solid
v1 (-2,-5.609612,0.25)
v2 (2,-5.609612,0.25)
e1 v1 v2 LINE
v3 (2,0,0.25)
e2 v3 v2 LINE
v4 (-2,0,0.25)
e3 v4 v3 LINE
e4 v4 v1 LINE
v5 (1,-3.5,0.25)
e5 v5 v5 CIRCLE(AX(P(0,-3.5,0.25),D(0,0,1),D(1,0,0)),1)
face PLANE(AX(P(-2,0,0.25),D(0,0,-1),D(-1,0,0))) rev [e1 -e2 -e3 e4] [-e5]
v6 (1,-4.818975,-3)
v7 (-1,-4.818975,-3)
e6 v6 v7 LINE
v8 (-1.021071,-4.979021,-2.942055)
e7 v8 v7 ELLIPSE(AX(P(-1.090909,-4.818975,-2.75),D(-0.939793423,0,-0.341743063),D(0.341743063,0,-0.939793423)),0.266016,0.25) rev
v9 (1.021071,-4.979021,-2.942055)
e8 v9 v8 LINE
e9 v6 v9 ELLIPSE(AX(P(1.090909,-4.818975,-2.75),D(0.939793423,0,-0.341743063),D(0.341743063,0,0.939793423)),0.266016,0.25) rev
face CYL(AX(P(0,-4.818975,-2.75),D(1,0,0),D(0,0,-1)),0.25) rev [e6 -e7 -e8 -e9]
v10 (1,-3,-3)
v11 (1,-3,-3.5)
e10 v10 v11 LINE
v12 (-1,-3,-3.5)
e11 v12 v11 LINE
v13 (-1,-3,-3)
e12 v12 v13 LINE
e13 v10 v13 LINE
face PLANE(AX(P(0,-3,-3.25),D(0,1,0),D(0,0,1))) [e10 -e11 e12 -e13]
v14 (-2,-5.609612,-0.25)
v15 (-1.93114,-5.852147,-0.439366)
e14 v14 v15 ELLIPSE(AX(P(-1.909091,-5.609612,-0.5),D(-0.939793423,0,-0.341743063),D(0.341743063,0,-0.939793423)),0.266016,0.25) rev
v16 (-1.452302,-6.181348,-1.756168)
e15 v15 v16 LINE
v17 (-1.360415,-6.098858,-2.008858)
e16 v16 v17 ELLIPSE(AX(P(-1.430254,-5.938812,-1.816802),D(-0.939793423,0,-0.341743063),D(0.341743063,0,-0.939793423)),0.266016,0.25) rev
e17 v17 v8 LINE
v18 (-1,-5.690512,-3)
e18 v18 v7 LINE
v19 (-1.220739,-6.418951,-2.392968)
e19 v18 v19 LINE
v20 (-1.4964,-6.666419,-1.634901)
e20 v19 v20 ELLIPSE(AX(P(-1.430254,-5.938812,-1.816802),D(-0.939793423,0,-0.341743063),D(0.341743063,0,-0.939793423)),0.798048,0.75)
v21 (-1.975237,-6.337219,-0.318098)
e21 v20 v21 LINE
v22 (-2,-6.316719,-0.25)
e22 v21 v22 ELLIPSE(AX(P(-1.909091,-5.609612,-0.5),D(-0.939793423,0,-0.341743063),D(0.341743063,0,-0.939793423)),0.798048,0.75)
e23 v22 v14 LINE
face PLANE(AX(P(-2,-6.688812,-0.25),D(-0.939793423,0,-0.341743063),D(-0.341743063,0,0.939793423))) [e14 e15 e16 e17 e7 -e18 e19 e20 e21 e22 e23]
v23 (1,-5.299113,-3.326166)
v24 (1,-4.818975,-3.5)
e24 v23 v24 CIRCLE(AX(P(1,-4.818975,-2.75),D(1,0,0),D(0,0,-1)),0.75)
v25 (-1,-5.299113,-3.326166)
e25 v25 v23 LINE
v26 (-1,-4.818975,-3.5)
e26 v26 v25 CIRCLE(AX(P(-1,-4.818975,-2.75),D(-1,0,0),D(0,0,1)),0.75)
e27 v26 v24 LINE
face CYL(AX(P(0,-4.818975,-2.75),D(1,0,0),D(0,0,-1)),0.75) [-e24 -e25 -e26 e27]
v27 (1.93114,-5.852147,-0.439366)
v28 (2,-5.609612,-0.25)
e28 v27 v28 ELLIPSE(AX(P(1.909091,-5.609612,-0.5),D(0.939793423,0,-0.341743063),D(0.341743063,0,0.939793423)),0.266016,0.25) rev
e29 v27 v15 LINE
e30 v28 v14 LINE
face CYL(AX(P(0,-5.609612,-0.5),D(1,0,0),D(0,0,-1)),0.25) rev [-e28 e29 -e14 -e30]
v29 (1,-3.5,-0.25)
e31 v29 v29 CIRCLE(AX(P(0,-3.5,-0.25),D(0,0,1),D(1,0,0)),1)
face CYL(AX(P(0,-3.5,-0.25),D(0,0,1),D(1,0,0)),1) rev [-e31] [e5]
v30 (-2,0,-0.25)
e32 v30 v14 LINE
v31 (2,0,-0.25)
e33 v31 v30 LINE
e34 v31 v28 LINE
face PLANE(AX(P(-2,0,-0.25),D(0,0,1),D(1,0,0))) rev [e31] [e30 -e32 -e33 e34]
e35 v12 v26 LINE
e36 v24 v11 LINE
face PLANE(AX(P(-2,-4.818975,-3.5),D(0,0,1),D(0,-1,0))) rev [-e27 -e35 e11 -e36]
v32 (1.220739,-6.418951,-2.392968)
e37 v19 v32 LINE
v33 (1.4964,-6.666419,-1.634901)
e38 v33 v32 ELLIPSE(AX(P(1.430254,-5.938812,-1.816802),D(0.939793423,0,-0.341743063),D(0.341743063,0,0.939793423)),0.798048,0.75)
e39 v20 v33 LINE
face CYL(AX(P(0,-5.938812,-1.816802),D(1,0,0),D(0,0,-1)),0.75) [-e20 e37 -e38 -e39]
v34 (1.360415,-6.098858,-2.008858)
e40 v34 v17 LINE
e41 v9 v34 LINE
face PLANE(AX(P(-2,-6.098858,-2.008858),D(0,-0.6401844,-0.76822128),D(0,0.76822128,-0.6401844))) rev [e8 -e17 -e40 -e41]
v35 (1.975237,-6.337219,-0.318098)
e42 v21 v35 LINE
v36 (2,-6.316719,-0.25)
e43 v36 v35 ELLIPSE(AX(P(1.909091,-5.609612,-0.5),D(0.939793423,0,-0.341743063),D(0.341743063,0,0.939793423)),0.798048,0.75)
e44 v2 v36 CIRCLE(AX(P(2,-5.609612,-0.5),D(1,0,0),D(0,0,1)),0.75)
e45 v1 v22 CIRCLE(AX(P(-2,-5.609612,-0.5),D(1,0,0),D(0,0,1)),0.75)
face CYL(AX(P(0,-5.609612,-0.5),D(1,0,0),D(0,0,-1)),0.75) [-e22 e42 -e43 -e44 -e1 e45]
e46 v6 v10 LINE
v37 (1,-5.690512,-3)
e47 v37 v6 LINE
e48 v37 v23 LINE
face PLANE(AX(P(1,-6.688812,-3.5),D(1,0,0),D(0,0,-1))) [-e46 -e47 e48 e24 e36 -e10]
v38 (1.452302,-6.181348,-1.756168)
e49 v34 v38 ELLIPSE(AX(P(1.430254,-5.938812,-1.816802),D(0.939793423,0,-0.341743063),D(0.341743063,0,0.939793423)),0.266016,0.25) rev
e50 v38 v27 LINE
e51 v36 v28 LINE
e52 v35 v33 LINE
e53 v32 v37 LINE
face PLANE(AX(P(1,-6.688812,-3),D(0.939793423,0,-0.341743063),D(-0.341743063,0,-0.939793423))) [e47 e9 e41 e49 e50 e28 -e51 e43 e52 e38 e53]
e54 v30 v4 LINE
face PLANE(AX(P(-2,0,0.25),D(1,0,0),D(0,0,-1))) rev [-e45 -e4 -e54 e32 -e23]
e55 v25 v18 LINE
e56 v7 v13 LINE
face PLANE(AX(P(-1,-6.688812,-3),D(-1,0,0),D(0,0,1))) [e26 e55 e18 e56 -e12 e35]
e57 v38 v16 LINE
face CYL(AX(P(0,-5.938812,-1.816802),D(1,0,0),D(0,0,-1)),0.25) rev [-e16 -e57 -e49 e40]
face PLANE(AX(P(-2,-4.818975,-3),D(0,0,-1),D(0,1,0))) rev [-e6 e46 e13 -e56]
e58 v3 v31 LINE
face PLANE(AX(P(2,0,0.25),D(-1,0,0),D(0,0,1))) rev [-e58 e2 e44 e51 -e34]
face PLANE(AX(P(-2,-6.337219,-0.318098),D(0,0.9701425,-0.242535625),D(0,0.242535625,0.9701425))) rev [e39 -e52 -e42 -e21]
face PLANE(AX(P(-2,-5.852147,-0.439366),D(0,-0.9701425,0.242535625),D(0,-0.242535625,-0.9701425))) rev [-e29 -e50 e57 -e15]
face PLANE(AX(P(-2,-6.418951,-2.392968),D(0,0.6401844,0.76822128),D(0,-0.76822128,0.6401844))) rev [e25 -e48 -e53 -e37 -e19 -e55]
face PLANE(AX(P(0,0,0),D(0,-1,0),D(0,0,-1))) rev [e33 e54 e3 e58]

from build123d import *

# Parameters (mm, degrees)
SKETCH1_W          = 4
SKETCH1_H          = 0.5
SKETCH6_OUTSIDE_W  = 7.73
SKETCH6_OUTSIDE_H  = 7.48
CUT_EXTRUDE1_DEPTH = 8.809622956
SKETCH7_R          = 1
CUT_EXTRUDE2_DEPTH = 0.5


with BuildPart() as part:
    # Sweep1: sweep along a path in Sketch2
    with BuildLine(Plane(origin=(0, 0, 0), x_dir=(0, 0, -1), z_dir=(1, 0, 0))) as sweep1_path:
        Line((0, 0), (0, -5.609611797))
        ThreePointArc((0, -5.609611797), (0.105897281, -5.917317901), (0.378732187, -6.094683047))
        Line((0.378732187, -6.094683047), (1.695534419, -6.423883605))
        ThreePointArc((1.695534419, -6.423883605), (1.971967014, -6.414126872), (2.200912871, -6.258904554))
        Line((2.200912871, -6.258904554), (3.13411064, -5.139067232))
        ThreePointArc((3.13411064, -5.139067232), (3.220135789, -4.989187664), (3.25, -4.818975032))
        Line((3.25, -4.818975032), (3.25, -3))
    # Sketch1 → Sweep1 (sweep)
    with BuildSketch(Plane(origin=(0, 0, 0), x_dir=(1, 0, 0), z_dir=(0, 1, 0))):
        Rectangle(SKETCH1_W, SKETCH1_H)
    sweep(path=sweep1_path.line)

    # Sketch6 outside → Cut-Extrude1 (cut, through all)
    with BuildSketch(Plane(origin=(0, 0, 0), x_dir=(1, 0, 0), z_dir=(0, 1, 0))):
        with Locations((0, 1.625)):
            Rectangle(SKETCH6_OUTSIDE_W, SKETCH6_OUTSIDE_H)
        Polygon((2, -0.25), (-2, -0.25), (-2, 0.25), (-1, 3), (-1, 3.5), (1, 3.5), (1, 3), (2, 0.25), align=None, mode=Mode.SUBTRACT)
    extrude(amount=-CUT_EXTRUDE1_DEPTH, mode=Mode.SUBTRACT)

    # Sketch7 → Cut-Extrude2 (cut)
    with BuildSketch(Plane.XY.offset(0.25)):
        with Locations((0, -3.5)):
            Circle(SKETCH7_R)
    extrude(amount=-CUT_EXTRUDE2_DEPTH, mode=Mode.SUBTRACT)


solid = part.part
